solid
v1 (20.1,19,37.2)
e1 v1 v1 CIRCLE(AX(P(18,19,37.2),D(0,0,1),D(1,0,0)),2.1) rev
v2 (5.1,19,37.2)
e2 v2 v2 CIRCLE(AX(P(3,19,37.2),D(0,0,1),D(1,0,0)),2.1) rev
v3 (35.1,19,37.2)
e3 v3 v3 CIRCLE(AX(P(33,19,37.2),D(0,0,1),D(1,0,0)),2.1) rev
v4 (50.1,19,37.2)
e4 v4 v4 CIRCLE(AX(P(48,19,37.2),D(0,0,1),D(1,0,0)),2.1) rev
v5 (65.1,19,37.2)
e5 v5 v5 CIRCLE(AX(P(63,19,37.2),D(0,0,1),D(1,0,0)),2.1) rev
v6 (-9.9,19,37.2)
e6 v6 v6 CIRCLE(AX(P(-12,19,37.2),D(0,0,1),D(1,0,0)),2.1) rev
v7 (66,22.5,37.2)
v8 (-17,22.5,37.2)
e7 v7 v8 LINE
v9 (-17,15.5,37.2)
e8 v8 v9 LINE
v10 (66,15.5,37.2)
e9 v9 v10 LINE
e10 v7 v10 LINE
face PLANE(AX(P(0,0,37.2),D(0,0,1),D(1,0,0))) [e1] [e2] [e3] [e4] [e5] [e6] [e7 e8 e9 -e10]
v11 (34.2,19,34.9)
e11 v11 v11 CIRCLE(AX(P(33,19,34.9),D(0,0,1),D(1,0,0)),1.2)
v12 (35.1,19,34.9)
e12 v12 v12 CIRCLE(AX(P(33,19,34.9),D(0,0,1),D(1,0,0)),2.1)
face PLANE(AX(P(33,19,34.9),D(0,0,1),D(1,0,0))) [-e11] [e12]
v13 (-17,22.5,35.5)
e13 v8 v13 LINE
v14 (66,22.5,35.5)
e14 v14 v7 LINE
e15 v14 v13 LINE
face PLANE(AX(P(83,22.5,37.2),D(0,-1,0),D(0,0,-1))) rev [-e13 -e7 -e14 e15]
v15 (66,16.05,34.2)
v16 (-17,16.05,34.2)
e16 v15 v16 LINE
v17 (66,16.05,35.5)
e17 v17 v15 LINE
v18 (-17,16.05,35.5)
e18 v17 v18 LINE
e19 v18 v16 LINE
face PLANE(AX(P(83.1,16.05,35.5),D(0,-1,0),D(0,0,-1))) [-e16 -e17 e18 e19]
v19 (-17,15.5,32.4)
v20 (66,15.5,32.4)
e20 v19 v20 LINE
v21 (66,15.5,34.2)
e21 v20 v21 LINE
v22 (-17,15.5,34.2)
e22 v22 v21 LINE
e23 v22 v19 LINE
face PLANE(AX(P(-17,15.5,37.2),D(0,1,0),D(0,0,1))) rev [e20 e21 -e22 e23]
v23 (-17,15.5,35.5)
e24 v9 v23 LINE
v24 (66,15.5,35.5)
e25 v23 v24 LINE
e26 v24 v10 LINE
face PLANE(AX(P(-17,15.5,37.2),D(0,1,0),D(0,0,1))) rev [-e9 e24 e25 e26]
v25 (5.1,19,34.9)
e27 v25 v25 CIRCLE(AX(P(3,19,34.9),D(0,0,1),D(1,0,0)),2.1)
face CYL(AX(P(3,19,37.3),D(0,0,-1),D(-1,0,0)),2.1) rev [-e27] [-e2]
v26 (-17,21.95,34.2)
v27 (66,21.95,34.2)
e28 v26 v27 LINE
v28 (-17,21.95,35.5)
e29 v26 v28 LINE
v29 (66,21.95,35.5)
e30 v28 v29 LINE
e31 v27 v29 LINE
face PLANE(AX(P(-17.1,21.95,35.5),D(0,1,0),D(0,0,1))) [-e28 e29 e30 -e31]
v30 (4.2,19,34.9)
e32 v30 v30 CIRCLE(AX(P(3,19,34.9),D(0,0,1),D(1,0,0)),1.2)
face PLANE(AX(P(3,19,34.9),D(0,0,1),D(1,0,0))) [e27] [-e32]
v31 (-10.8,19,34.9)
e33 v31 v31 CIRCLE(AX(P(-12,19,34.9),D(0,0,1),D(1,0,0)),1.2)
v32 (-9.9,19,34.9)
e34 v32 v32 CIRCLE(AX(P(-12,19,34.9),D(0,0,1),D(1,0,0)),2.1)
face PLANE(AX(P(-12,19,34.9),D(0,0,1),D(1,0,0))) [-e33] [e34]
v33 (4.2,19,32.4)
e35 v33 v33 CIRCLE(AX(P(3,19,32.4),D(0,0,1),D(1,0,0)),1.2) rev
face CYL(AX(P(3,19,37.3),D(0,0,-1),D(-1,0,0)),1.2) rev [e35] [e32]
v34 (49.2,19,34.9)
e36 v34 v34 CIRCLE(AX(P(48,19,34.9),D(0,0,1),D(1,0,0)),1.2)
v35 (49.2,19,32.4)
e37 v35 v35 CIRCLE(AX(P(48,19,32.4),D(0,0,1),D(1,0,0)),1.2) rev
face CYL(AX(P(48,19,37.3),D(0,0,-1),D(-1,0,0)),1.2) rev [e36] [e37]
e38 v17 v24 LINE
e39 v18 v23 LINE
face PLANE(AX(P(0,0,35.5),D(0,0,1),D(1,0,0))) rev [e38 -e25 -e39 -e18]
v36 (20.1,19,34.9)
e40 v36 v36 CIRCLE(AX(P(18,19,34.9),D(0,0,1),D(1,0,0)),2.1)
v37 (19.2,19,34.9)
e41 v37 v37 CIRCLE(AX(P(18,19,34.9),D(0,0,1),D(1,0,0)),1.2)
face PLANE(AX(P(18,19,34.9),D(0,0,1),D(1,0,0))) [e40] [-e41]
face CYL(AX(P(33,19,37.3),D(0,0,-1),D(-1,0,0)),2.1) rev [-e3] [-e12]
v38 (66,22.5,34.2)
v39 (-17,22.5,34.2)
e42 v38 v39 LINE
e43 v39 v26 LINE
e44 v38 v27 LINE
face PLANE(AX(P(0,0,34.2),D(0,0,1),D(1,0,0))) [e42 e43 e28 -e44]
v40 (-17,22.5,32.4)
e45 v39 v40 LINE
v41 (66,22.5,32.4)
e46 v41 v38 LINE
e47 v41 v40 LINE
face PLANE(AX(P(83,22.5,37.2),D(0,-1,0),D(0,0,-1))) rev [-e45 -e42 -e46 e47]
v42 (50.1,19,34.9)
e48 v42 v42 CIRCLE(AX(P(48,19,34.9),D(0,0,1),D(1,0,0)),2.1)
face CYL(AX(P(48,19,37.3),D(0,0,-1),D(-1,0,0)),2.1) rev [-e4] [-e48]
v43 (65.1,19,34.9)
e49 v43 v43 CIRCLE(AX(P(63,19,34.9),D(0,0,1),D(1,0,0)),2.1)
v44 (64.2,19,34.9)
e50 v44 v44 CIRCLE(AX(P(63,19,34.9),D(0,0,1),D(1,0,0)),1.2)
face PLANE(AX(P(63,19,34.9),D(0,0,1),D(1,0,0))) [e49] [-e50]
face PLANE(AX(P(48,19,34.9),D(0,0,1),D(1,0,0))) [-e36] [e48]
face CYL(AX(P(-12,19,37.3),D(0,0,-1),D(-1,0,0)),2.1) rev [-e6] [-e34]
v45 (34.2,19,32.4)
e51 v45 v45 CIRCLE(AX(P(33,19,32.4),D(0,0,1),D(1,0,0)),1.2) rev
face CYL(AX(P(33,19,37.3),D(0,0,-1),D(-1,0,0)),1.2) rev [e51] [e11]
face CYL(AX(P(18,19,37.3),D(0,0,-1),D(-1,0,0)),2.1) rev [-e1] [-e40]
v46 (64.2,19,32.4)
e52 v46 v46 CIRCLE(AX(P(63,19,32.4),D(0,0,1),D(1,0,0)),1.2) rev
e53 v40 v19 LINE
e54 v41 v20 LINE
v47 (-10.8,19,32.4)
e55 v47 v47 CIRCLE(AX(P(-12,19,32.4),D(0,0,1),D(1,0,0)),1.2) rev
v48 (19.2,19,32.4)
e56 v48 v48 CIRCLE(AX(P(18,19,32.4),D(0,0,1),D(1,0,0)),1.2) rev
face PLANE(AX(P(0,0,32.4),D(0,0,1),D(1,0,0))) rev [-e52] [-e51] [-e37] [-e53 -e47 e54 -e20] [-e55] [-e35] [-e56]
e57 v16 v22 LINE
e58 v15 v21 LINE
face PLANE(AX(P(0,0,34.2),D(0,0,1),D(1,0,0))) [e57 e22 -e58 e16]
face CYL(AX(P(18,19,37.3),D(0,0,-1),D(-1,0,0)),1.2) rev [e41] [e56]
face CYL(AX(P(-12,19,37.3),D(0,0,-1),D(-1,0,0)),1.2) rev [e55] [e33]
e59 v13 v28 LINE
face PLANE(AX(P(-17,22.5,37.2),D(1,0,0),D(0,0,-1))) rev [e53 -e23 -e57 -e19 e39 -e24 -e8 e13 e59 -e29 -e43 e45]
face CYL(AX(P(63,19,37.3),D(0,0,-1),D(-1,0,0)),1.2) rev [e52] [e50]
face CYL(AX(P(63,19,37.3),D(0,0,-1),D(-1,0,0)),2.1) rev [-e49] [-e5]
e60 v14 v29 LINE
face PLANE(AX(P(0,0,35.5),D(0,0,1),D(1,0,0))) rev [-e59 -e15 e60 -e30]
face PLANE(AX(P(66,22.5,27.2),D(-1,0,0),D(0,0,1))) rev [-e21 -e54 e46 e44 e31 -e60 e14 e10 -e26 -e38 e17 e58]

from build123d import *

# Parameters (mm, degrees)
F_100_START                                  = 32.4
F_100_MM_MGN7_RAIL_7_X_4_8_MM_PROFILE_W      = 100
F_100_MM_MGN7_RAIL_7_X_4_8_MM_PROFILE_H      = 7
F_100_MM_MGN7_RAIL_7_X_4_8_MM_DEPTH          = 4.8
NOMINAL_START                                = 34.2
NOMINAL_RACEWAY_CLEARANCE_PROFILE_W          = 100.2
NOMINAL_RACEWAY_CLEARANCE_PROFILE_H          = 1.05
NOMINAL_RACEWAY_CLEARANCE_DEPTH              = 1.3
SEVEN_START                                  = 32.3
SEVEN_RAIL_MOUNTING_HOLES_15_MM_PITCH_PR_R   = 1.2
SEVEN_RAIL_MOUNTING_HOLES_15_MM_PITCH_DEPTH  = 5
M2_START                                     = 34.9
M2_RAIL_BOLT_COUNTERBORES_DIAMETER_4_2_P_R   = 2.1
M2_RAIL_BOLT_COUNTERBORES_DIAMETER_4_2_DEPTH = 2.4
SKETCH_1_W                                   = 17
SKETCH_1_H                                   = 7
CUT_EXTRUDE_1_DEPTH                          = 10


with BuildPart() as part:
    # 100 mm MGN7 rail 7 x 4.8 mm profile → 100 mm MGN7 rail 7 x 4.8 mm (new body)
    with BuildSketch(Plane.XY.offset(F_100_START)):
        with Locations((33, 19)):
            Rectangle(F_100_MM_MGN7_RAIL_7_X_4_8_MM_PROFILE_W, F_100_MM_MGN7_RAIL_7_X_4_8_MM_PROFILE_H)
    extrude(amount=F_100_MM_MGN7_RAIL_7_X_4_8_MM_DEPTH)

    # Nominal raceway clearance profile → Nominal raceway clearance (cut)
    with BuildSketch(Plane.XY.offset(NOMINAL_START)):
        with Locations((33, 15.525)):
            Rectangle(NOMINAL_RACEWAY_CLEARANCE_PROFILE_W, NOMINAL_RACEWAY_CLEARANCE_PROFILE_H)
        with Locations((33, 22.475)):
            Rectangle(NOMINAL_RACEWAY_CLEARANCE_PROFILE_W, NOMINAL_RACEWAY_CLEARANCE_PROFILE_H)
    extrude(amount=NOMINAL_RACEWAY_CLEARANCE_DEPTH, mode=Mode.SUBTRACT)

    # Seven rail mounting holes 15 mm pitch profile → Seven rail mounting holes 15 mm pitch (cut)
    with BuildSketch(Plane.XY.offset(SEVEN_START)):
        with Locations((-12, 19)):
            Circle(SEVEN_RAIL_MOUNTING_HOLES_15_MM_PITCH_PR_R)
        with Locations((3, 19)):
            Circle(SEVEN_RAIL_MOUNTING_HOLES_15_MM_PITCH_PR_R)
        with Locations((18, 19)):
            Circle(SEVEN_RAIL_MOUNTING_HOLES_15_MM_PITCH_PR_R)
        with Locations((33, 19)):
            Circle(SEVEN_RAIL_MOUNTING_HOLES_15_MM_PITCH_PR_R)
        with Locations((48, 19)):
            Circle(SEVEN_RAIL_MOUNTING_HOLES_15_MM_PITCH_PR_R)
        with Locations((63, 19)):
            Circle(SEVEN_RAIL_MOUNTING_HOLES_15_MM_PITCH_PR_R)
        with Locations((78, 19)):
            Circle(SEVEN_RAIL_MOUNTING_HOLES_15_MM_PITCH_PR_R)
    extrude(amount=SEVEN_RAIL_MOUNTING_HOLES_15_MM_PITCH_DEPTH, mode=Mode.SUBTRACT)

    # M2 rail bolt counterbores diameter 4.2 profile → M2 rail bolt counterbores diameter 4.2 (cut)
    with BuildSketch(Plane.XY.offset(M2_START)):
        with Locations((-12, 19)):
            Circle(M2_RAIL_BOLT_COUNTERBORES_DIAMETER_4_2_P_R)
        with Locations((3, 19)):
            Circle(M2_RAIL_BOLT_COUNTERBORES_DIAMETER_4_2_P_R)
        with Locations((18, 19)):
            Circle(M2_RAIL_BOLT_COUNTERBORES_DIAMETER_4_2_P_R)
        with Locations((33, 19)):
            Circle(M2_RAIL_BOLT_COUNTERBORES_DIAMETER_4_2_P_R)
        with Locations((48, 19)):
            Circle(M2_RAIL_BOLT_COUNTERBORES_DIAMETER_4_2_P_R)
        with Locations((63, 19)):
            Circle(M2_RAIL_BOLT_COUNTERBORES_DIAMETER_4_2_P_R)
        with Locations((78, 19)):
            Circle(M2_RAIL_BOLT_COUNTERBORES_DIAMETER_4_2_P_R)
    extrude(amount=M2_RAIL_BOLT_COUNTERBORES_DIAMETER_4_2_DEPTH, mode=Mode.SUBTRACT)

    # 草图1 → 切除-拉伸1 (cut)
    with BuildSketch(Plane.XY.offset(37.2)):
        with Locations((74.5, 19)):
            Rectangle(SKETCH_1_W, SKETCH_1_H)
    extrude(amount=-CUT_EXTRUDE_1_DEPTH, mode=Mode.SUBTRACT)


solid = part.part
